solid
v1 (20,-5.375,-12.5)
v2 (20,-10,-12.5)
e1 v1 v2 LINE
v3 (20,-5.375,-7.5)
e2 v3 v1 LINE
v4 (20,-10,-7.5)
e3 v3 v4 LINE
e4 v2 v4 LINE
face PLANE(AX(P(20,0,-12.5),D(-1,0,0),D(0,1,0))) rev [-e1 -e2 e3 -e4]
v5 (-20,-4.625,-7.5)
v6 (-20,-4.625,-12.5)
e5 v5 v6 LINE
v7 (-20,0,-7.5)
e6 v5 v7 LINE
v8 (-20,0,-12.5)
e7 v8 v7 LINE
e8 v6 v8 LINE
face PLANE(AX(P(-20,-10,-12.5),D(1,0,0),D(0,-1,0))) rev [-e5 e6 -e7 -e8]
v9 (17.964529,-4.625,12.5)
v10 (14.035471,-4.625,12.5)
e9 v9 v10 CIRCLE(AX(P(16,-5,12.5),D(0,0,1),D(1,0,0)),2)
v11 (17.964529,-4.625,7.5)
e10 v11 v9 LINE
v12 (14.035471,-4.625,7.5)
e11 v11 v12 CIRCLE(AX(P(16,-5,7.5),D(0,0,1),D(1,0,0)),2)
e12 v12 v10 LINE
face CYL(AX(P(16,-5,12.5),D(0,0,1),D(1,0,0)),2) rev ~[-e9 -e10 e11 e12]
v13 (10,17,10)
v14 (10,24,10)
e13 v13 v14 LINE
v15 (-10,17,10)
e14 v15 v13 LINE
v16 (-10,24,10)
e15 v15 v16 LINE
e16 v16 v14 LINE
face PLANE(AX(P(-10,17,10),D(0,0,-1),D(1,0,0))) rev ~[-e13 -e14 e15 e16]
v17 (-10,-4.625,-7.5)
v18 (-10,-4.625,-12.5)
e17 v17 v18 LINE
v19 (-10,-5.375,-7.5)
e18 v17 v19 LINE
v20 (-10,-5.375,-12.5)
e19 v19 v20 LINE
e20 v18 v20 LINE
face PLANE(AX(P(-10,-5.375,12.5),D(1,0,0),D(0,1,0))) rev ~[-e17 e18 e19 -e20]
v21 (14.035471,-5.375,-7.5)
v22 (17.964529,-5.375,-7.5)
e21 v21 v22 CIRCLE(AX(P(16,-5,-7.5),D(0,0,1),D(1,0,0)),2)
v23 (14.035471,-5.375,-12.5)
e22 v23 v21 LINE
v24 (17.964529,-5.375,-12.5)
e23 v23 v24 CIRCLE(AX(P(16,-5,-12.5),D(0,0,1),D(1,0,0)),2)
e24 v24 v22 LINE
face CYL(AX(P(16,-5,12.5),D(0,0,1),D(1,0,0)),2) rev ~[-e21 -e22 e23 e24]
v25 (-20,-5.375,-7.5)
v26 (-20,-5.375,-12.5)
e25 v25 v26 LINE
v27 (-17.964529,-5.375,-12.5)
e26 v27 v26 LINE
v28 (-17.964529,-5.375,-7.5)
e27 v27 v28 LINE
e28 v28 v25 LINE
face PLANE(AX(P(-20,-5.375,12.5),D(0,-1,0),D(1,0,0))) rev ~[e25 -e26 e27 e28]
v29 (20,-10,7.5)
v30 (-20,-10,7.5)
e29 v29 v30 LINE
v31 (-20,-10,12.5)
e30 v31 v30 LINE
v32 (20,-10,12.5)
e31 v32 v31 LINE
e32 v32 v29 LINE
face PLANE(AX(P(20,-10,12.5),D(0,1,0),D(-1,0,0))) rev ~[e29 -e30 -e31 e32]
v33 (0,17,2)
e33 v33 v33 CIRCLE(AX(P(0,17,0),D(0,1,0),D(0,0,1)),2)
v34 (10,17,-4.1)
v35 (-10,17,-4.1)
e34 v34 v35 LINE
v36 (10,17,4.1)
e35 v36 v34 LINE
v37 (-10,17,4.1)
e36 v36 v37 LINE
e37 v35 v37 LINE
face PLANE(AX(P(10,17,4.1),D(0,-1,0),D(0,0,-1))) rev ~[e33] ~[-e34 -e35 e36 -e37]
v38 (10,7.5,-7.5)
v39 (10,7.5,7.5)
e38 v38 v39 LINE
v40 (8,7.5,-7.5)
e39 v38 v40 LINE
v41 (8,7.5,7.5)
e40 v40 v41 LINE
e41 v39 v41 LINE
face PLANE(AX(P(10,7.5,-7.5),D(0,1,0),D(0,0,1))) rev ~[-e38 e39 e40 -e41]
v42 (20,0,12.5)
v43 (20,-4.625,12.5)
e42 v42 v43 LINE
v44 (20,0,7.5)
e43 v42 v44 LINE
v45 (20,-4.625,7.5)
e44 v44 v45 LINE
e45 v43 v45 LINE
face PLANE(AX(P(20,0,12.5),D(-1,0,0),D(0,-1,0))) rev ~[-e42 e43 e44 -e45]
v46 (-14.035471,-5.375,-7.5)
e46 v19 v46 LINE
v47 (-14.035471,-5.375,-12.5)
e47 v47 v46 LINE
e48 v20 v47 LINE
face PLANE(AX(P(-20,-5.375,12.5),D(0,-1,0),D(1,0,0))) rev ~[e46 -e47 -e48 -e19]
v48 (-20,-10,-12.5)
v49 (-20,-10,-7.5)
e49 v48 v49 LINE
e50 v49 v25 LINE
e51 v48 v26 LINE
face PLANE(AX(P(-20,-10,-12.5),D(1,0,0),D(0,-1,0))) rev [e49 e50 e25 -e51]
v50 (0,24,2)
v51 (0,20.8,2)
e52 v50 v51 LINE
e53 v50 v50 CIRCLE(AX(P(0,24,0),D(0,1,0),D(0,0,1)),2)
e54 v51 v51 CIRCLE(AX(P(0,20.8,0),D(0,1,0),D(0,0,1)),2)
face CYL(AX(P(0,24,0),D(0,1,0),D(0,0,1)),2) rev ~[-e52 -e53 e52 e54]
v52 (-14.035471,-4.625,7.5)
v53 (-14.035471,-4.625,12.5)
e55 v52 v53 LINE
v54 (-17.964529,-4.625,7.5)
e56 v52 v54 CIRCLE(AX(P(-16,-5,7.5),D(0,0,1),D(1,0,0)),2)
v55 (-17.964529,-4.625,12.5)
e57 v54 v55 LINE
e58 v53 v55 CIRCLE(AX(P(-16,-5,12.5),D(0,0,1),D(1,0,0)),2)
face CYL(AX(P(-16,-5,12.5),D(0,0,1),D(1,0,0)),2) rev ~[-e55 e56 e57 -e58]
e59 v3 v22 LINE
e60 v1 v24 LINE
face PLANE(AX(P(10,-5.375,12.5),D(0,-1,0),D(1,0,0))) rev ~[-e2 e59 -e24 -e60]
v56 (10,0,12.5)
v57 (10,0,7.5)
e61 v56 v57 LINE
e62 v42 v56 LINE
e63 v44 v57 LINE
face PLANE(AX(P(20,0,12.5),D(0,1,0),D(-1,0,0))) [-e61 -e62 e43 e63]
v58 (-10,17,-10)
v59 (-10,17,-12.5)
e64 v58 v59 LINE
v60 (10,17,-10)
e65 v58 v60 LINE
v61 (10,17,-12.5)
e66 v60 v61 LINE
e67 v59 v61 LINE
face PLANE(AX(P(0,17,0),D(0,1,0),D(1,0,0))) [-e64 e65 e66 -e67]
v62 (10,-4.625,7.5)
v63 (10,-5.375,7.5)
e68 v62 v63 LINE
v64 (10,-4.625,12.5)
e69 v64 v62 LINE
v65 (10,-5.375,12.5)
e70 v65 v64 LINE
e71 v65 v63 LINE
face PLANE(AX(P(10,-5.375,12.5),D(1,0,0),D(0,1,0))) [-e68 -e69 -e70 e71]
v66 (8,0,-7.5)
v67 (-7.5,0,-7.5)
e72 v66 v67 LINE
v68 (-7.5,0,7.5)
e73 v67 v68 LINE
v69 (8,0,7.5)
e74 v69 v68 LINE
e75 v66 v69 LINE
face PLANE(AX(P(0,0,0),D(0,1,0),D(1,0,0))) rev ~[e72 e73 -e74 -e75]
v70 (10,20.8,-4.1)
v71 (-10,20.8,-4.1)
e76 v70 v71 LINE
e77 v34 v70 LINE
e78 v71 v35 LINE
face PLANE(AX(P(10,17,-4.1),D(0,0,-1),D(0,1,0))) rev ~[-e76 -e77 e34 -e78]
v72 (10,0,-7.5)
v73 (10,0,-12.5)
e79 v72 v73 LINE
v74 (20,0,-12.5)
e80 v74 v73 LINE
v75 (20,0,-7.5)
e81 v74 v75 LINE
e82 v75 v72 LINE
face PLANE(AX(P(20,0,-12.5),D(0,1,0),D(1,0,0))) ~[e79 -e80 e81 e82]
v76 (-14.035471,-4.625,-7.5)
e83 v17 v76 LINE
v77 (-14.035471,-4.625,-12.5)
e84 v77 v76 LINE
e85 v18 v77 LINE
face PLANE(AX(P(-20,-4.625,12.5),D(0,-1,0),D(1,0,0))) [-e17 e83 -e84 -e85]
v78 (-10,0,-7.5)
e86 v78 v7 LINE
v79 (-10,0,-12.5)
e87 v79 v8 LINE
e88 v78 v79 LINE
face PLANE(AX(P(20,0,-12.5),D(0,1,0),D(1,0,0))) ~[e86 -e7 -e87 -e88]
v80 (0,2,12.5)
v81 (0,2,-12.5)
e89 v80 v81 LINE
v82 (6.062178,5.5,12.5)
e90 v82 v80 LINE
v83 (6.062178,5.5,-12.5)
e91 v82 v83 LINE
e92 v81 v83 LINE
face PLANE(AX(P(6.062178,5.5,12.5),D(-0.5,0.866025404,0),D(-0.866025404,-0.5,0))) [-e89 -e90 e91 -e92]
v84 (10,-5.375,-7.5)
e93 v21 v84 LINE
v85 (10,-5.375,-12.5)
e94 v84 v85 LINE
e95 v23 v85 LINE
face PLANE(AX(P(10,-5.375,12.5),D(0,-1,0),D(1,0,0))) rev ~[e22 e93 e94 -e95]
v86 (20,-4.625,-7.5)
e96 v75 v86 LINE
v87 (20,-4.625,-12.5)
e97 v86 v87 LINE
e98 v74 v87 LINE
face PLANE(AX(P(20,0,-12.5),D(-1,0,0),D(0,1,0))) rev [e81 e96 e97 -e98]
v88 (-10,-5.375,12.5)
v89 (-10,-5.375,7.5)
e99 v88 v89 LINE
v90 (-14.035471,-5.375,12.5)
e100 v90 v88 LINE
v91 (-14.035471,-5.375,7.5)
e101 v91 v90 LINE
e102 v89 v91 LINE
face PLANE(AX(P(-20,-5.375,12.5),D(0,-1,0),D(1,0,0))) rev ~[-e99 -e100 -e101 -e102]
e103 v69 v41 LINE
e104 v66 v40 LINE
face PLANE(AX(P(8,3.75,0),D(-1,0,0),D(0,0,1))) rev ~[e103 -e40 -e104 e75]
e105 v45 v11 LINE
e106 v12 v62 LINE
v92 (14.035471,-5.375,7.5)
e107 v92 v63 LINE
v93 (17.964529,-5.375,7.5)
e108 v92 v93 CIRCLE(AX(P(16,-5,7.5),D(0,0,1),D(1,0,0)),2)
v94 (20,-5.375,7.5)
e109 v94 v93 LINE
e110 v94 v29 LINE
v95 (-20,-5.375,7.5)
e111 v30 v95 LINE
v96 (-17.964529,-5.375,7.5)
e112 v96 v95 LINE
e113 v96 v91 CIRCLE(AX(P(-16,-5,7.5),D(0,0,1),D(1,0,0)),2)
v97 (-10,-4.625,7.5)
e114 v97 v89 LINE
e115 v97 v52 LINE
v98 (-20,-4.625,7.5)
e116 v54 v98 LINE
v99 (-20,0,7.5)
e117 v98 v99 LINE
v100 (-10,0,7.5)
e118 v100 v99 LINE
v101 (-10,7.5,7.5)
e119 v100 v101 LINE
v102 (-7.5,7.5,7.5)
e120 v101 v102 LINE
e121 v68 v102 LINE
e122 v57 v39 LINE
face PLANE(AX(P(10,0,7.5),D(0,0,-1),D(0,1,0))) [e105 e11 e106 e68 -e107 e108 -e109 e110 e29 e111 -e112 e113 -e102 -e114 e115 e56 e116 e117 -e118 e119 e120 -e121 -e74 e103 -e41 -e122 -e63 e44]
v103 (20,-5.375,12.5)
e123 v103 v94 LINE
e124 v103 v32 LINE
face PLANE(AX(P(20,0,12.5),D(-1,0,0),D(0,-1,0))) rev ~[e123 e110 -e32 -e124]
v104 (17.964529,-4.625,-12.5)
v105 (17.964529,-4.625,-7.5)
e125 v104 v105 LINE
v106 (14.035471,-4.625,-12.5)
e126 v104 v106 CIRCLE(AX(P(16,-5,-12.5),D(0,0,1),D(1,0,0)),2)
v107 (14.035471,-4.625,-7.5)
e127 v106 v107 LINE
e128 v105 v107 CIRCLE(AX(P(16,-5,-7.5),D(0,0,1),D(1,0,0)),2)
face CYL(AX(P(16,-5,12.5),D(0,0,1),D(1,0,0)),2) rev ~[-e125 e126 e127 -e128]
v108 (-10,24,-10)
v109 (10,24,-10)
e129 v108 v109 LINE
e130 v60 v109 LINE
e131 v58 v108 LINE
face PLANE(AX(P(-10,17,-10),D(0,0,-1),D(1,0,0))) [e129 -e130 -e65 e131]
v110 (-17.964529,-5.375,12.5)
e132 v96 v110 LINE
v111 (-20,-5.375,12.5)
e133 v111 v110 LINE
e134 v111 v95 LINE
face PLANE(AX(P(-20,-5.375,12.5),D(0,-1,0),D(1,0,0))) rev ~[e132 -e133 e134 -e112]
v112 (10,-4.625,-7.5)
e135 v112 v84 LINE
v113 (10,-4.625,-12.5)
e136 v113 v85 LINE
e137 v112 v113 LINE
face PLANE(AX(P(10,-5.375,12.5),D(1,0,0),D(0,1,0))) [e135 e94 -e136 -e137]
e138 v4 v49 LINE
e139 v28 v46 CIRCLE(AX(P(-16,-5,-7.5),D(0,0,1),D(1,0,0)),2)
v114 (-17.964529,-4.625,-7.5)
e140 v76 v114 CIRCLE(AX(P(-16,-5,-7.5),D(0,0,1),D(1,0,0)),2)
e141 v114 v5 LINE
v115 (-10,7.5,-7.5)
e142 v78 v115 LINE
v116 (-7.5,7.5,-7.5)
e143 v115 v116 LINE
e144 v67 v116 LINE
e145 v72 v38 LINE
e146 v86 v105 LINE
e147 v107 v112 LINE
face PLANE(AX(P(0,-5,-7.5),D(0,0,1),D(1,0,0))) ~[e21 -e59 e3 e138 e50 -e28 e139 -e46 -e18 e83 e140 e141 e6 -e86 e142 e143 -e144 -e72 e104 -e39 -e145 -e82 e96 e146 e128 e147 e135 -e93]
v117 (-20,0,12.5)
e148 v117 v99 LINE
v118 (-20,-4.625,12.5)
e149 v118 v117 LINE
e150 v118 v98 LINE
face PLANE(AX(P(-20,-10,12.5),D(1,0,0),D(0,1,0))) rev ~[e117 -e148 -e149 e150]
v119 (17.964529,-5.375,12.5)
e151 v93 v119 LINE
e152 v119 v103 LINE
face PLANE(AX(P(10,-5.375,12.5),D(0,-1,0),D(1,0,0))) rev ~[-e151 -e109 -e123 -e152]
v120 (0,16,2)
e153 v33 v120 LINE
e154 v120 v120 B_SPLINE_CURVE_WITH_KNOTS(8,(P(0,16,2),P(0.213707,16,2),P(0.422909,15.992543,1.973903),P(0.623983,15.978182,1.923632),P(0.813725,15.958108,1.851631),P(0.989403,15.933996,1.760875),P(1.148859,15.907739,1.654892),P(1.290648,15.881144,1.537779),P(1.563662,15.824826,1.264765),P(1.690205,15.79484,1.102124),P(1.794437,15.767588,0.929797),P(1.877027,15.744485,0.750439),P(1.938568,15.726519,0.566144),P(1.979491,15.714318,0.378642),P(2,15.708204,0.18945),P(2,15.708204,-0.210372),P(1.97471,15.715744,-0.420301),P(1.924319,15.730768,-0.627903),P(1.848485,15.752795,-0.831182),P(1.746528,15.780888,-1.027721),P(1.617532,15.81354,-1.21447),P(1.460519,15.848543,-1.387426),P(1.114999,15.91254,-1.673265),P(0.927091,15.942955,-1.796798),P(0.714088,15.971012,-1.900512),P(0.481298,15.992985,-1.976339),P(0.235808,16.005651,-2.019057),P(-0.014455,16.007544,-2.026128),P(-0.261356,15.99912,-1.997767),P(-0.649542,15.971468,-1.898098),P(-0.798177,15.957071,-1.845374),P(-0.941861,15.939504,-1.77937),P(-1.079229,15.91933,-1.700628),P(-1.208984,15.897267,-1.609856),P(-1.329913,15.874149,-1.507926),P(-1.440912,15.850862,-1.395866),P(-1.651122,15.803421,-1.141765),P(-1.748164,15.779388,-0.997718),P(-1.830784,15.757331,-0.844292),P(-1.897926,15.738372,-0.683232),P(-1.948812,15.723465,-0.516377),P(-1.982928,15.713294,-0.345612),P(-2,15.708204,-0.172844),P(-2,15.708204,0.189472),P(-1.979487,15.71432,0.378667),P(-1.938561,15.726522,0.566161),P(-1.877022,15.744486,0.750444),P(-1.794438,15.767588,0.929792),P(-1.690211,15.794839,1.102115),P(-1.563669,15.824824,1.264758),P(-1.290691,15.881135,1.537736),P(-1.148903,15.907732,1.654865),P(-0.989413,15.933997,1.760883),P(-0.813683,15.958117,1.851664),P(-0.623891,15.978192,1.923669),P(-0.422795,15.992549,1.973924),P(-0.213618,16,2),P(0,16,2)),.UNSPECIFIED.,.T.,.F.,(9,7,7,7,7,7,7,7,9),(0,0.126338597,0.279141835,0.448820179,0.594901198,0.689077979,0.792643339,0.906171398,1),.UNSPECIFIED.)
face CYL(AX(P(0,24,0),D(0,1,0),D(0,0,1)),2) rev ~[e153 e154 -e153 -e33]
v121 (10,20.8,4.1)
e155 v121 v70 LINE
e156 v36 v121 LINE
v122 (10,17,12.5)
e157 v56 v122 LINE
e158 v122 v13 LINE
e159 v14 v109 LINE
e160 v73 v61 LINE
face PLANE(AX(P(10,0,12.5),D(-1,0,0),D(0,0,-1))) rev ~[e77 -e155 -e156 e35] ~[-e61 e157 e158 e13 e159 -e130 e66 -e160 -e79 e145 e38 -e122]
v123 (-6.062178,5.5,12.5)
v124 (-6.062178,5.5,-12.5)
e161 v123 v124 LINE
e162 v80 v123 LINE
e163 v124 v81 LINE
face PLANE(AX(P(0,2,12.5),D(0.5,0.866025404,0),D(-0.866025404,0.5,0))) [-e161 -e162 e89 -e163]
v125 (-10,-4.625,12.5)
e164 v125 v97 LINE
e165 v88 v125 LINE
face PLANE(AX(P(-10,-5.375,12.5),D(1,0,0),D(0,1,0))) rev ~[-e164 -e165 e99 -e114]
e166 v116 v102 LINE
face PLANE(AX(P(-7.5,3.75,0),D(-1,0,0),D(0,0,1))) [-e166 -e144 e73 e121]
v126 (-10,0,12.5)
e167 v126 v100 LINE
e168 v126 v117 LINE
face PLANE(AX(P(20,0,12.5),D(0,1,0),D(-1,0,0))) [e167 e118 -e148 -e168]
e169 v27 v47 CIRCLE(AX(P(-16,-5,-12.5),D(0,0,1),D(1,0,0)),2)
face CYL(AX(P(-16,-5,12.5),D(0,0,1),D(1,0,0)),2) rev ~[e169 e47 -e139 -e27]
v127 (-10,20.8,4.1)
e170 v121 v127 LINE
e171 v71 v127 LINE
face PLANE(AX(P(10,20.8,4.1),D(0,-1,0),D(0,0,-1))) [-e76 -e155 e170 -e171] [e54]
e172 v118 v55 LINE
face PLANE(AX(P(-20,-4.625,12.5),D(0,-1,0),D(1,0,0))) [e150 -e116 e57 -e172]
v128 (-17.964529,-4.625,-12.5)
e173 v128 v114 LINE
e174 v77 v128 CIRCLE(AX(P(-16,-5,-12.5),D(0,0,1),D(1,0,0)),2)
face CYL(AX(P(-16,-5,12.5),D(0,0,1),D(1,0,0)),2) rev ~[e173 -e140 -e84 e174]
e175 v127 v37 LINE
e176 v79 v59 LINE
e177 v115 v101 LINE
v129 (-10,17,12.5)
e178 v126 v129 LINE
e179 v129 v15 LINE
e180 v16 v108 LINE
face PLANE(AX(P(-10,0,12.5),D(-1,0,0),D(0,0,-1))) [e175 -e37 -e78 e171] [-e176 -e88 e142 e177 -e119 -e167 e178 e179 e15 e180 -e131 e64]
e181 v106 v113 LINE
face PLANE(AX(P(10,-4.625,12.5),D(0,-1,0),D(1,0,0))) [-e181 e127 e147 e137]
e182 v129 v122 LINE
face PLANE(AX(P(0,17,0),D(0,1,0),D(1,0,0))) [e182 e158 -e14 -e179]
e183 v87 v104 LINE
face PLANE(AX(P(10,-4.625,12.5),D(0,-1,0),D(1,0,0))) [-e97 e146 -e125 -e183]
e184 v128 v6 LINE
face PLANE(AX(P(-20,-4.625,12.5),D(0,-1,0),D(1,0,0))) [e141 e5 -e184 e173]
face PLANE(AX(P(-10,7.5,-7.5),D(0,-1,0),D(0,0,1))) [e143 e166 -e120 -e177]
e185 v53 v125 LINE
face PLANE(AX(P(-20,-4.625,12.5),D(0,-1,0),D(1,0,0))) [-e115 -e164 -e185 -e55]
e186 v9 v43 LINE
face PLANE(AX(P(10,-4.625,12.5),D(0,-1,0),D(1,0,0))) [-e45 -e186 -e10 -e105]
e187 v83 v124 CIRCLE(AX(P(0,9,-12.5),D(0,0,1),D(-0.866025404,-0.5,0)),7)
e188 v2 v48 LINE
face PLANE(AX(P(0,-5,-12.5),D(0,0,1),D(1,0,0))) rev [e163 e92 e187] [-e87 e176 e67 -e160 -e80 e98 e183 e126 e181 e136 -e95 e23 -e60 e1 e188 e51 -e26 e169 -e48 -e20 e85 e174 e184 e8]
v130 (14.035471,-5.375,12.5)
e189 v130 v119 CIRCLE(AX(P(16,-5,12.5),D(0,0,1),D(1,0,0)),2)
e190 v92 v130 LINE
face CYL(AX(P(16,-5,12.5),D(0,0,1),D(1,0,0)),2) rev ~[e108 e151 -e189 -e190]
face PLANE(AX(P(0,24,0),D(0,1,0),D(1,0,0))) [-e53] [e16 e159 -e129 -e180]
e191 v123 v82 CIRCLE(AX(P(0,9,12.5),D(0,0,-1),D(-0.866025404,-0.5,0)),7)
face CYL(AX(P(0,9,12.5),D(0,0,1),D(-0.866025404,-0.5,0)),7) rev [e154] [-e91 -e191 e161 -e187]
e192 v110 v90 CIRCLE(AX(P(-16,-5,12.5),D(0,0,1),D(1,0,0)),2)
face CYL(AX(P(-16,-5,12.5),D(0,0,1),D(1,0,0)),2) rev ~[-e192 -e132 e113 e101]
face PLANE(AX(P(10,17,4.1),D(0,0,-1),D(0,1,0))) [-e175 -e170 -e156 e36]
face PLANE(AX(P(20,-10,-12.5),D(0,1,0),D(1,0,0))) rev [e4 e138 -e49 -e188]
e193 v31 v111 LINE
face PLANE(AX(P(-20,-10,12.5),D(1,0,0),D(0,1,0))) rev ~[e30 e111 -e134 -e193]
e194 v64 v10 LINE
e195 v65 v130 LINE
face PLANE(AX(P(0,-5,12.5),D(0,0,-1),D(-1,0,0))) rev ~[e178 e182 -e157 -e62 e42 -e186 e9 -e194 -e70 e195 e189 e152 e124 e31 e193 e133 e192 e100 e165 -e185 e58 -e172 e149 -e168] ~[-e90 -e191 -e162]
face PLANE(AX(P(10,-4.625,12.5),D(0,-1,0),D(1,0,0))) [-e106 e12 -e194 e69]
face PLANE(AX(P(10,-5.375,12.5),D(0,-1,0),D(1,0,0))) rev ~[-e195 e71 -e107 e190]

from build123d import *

# Parameters (mm, degrees)
SKETCH1_W               = 20
SKETCH1_H               = 25
BOSS_EXTRUDE1_DEPTH     = 17
CUT_EXTRUDE1_DEPTH      = 32.843366656
BOSS_EXTRUDE2_DEPTH     = 5
SKETCH4_R               = 2
CUT_EXTRUDE2_DEPTH      = 37.249137921
SKETCH6_W               = 20
SKETCH6_H               = 20
BOSS_EXTRUDE3_DEPTH     = 7
SKETCH8_W               = 8.2
SKETCH8_H               = 3.8
CUT_EXTRUDE3_DEPTH      = 41.401113846
CUT_EXTRUDE4_REACH      = 43.379
CUT_EXTRUDE4_END_RADIUS = 7
SKETCH7_R               = 2
SKETCH9_W               = 15
SKETCH9_H               = 7.5
CUT_EXTRUDE5_DEPTH      = 2
SKETCH10_W              = 10
SKETCH10_H              = 0.75
CUT_EXTRUDE6_DEPTH      = 41.01249811
CUT_EXTRUDE7_START      = 20
SKETCH9_2_W             = 15
SKETCH9_2_H             = 7.5
CUT_EXTRUDE7_DEPTH      = 2.5


with BuildPart() as part:
    # Sketch1 → Boss-Extrude1 (new body)
    with BuildSketch(Plane(origin=(0, 0, 0), x_dir=(1, 0, 0), z_dir=(0, 1, 0))):
        Rectangle(SKETCH1_W, SKETCH1_H)
    extrude(amount=BOSS_EXTRUDE1_DEPTH)

    # Sketch2 → Cut-Extrude1 (cut, through all)
    with BuildSketch(Plane.XY.offset(12.5)):
        with BuildLine():
            Line((0, 2), (-6.062177826, 5.5))
            ThreePointArc((-6.062177826, 5.5), (0, 16), (6.062177826, 5.5))
            Line((6.062177826, 5.5), (0, 2))
        make_face()
    extrude(amount=-CUT_EXTRUDE1_DEPTH, mode=Mode.SUBTRACT)

    # Sketch3 → Boss-Extrude2 (add)
    with BuildSketch(Plane.XY.offset(12.5)):
        Polygon((10, 0), (20, 0), (20, -10), (-20, -10), (-20, 0), (-10, 0), align=None)
    boss_extrude2 = extrude(amount=-BOSS_EXTRUDE2_DEPTH)

    # Mirror1: Boss-Extrude2 across plane
    add(boss_extrude2.mirror(Plane.XY))

    # Sketch4 → Cut-Extrude2 (cut, through all)
    with BuildSketch(Plane.XY.offset(12.5)):
        with Locations((16, -5)):
            Circle(SKETCH4_R)
        with Locations((-16, -5)):
            Circle(SKETCH4_R)
    extrude(amount=-CUT_EXTRUDE2_DEPTH, mode=Mode.SUBTRACT)

    # Sketch6 → Boss-Extrude3 (add)
    with BuildSketch(Plane(origin=(0, 17, 0), x_dir=(1, 0, 0), z_dir=(0, 1, 0))):
        Rectangle(SKETCH6_W, SKETCH6_H)
    extrude(amount=BOSS_EXTRUDE3_DEPTH)

    # Sketch8 → Cut-Extrude3 (cut, through all)
    with BuildSketch(Plane(origin=(10, 0, 0), x_dir=(0, 0, -1), z_dir=(1, 0, 0))):
        with Locations((0, 18.9)):
            Rectangle(SKETCH8_W, SKETCH8_H)
    extrude(amount=-CUT_EXTRUDE3_DEPTH, mode=Mode.SUBTRACT)

    # Cut-Extrude4: up to this cylinder (the profile starts outside it)
    cut_extrude4_end = Plane(origin=(0, 9, 0), z_dir=(0, 0, 1)) * Cylinder(CUT_EXTRUDE4_END_RADIUS, 101.758, mode=Mode.PRIVATE)
    # Sketch7 → Cut-Extrude4 (cut, up to the surface)
    with BuildSketch(Plane(origin=(0, 24, 0), x_dir=(1, 0, 0), z_dir=(0, 1, 0)), mode=Mode.PRIVATE) as cut_extrude4_sk1:
        with Locations(Location((0, 0, 0), (0, 0, 270))):
            Circle(SKETCH7_R)
    cut_extrude4_tool1 = extrude(cut_extrude4_sk1.sketch, amount=-CUT_EXTRUDE4_REACH, mode=Mode.PRIVATE) - cut_extrude4_end
    add(cut_extrude4_tool1.solids().sort_by_distance((0, 24, 0))[0], mode=Mode.SUBTRACT)

    # Sketch9 → Cut-Extrude5 (cut)
    with BuildSketch(Plane.ZY.offset(-10)):
        with Locations((0, 3.75)):
            Rectangle(SKETCH9_W, SKETCH9_H)
    extrude(amount=CUT_EXTRUDE5_DEPTH, mode=Mode.SUBTRACT)

    # Sketch10 → Cut-Extrude6 (cut, through all)
    with BuildSketch(Plane.XY.offset(12.5)):
        with Locations((-15, -5)):
            Rectangle(SKETCH10_W, SKETCH10_H)
        with Locations((15, -5)):
            Rectangle(SKETCH10_W, SKETCH10_H)
    extrude(amount=-CUT_EXTRUDE6_DEPTH, mode=Mode.SUBTRACT)

    # Sketch9<2> → Cut-Extrude7 (cut)
    with BuildSketch(Plane.ZY.offset(-10).offset(CUT_EXTRUDE7_START)):
        with Locations((0, 3.75)):
            Rectangle(SKETCH9_2_W, SKETCH9_2_H)
    extrude(amount=-CUT_EXTRUDE7_DEPTH, mode=Mode.SUBTRACT)


solid = part.part
